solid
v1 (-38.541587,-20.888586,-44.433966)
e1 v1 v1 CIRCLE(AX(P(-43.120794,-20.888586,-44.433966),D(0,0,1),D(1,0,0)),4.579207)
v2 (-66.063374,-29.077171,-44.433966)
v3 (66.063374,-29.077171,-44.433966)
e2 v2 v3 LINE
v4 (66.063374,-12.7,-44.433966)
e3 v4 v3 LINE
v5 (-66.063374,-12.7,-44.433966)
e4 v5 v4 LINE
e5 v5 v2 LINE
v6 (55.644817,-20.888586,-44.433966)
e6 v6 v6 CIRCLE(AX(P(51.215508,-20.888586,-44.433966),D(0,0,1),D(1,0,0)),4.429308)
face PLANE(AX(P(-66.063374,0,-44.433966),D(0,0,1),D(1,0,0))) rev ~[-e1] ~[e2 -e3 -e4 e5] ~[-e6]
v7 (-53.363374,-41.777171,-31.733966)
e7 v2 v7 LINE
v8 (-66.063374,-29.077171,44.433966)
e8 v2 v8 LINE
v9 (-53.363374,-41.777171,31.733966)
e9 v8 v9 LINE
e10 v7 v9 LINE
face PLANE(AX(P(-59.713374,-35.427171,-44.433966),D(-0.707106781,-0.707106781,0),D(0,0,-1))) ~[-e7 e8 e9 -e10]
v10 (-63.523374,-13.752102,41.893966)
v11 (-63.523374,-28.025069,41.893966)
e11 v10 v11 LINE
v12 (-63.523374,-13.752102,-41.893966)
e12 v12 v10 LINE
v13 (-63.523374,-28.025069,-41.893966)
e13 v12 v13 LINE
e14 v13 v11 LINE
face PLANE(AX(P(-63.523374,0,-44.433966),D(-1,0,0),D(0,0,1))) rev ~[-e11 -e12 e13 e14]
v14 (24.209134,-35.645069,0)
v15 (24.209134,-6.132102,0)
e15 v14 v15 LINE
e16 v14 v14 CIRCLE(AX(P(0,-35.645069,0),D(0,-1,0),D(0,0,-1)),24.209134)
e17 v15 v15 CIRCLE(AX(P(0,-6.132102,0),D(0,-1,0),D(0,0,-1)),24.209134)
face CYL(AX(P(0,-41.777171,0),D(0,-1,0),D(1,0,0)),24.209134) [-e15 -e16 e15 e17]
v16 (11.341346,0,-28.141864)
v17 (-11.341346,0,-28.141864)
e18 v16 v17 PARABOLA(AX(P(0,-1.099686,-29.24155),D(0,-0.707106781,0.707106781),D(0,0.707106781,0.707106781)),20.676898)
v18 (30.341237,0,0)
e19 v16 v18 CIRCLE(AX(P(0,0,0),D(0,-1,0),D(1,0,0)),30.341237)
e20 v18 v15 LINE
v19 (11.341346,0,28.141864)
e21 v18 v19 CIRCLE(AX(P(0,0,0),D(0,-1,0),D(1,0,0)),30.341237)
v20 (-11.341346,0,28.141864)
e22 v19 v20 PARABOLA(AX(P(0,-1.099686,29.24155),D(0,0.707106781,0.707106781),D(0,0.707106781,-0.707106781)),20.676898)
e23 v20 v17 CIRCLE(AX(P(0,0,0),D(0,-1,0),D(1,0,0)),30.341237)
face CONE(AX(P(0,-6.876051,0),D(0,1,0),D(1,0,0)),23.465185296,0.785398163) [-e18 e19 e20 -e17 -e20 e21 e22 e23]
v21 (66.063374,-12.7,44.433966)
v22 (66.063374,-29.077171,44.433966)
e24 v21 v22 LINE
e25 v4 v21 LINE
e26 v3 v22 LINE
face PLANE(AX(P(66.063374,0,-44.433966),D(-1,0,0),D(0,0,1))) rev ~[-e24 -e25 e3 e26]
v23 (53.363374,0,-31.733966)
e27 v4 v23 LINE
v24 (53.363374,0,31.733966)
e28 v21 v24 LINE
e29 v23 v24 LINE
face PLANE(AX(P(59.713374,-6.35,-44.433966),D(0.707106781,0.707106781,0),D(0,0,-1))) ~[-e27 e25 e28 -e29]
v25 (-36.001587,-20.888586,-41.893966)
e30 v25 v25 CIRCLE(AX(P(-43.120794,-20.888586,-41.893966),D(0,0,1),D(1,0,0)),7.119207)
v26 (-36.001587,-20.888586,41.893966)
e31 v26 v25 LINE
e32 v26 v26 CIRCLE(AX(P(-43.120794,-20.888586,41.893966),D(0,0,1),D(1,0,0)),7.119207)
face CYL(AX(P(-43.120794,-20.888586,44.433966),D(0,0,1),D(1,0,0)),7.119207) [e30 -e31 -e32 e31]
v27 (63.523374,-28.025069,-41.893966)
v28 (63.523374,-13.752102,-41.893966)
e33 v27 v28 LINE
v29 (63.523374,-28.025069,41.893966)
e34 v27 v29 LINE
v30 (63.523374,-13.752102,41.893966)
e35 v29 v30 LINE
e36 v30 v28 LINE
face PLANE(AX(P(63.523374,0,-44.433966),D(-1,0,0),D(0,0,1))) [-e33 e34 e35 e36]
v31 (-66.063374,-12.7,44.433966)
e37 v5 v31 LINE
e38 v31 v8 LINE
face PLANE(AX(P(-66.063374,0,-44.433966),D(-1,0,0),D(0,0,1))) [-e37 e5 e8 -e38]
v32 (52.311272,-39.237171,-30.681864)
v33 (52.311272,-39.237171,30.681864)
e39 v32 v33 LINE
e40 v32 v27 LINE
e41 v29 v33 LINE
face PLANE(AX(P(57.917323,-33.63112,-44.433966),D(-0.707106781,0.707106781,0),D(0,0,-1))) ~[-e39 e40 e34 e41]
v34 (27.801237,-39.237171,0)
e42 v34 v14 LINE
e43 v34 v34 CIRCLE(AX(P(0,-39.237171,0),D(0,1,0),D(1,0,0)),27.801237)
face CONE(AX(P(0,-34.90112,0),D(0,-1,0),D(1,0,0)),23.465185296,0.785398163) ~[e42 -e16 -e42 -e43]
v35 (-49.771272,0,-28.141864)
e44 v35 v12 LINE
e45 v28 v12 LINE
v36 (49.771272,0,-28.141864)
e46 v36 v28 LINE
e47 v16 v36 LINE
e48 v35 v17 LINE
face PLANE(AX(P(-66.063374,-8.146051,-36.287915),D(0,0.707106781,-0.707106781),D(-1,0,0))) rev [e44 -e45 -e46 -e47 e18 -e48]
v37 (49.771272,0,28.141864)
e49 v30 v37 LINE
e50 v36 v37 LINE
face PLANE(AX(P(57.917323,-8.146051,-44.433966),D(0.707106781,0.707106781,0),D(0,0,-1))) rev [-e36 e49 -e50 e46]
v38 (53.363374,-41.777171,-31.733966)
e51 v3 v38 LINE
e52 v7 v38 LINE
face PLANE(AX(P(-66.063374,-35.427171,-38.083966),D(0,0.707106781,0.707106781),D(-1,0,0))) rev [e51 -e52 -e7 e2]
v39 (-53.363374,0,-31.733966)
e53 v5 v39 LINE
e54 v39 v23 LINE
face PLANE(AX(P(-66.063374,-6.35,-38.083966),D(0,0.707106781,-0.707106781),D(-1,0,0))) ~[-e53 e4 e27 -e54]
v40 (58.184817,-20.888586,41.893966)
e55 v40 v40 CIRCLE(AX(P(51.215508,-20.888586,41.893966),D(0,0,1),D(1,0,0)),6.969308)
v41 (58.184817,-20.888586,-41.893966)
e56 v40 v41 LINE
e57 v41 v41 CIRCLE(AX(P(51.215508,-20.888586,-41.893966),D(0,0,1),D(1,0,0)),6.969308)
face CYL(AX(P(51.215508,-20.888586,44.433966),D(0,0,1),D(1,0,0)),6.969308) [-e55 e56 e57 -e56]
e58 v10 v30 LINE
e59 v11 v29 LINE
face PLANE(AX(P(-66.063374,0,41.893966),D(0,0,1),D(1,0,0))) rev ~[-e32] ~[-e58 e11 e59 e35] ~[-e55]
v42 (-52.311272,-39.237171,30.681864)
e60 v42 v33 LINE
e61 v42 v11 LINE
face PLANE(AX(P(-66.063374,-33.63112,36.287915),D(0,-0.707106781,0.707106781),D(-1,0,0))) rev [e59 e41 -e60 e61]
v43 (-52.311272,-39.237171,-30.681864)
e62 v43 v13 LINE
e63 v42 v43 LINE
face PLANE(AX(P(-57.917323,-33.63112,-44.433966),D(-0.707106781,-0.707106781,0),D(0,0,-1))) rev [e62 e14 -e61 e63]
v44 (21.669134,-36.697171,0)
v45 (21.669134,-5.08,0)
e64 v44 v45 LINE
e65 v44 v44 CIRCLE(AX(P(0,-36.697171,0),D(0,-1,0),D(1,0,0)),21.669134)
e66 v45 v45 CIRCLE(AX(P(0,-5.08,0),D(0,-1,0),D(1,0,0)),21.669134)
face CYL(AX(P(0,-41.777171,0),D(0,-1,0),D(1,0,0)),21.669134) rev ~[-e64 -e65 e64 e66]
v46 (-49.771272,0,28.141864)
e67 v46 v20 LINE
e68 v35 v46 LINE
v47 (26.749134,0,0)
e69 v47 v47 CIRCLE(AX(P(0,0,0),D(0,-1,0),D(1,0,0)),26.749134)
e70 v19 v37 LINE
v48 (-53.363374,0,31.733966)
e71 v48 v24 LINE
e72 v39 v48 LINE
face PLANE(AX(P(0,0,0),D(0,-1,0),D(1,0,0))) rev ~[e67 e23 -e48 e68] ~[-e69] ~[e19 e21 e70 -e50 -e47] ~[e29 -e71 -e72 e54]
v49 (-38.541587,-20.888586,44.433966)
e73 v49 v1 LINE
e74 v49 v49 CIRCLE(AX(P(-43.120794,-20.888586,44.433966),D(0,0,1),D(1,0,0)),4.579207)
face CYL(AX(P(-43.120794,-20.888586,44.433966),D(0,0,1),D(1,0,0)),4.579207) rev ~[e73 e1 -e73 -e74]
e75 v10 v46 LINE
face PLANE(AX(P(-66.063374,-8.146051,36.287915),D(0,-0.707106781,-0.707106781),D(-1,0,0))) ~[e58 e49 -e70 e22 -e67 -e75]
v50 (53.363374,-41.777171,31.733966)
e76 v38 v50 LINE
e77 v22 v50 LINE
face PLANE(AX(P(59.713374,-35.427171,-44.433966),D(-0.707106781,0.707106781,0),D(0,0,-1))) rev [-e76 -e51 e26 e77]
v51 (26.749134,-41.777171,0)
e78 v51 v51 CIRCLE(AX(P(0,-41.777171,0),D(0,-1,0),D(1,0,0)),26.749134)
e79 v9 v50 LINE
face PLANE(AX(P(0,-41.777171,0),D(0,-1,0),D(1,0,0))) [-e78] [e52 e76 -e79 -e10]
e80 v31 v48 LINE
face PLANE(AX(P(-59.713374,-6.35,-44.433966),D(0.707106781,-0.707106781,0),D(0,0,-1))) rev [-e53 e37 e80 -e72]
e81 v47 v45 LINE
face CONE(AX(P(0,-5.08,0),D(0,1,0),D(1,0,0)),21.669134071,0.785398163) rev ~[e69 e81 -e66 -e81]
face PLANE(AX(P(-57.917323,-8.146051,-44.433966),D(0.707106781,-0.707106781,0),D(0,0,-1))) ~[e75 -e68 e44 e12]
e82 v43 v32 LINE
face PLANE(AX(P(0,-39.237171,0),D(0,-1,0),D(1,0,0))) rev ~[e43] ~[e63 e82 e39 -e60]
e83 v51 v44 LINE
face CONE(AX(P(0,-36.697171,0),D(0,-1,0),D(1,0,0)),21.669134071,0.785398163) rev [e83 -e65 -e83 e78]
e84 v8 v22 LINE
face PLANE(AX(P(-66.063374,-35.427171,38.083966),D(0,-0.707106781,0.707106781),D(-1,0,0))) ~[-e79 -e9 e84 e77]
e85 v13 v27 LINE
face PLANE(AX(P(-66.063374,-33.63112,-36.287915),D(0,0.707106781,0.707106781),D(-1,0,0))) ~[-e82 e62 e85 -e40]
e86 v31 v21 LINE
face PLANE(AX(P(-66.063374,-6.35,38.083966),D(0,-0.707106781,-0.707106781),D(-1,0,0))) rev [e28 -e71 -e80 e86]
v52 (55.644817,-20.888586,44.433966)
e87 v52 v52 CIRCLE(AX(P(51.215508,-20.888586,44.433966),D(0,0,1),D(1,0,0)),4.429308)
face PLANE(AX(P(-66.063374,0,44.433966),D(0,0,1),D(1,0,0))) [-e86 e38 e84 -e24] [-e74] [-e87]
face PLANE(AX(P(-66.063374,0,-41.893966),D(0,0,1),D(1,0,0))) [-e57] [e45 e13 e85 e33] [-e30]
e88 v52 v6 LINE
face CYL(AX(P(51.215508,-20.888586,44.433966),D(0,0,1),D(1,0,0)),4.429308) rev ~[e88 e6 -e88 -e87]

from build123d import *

# Parameters (mm, degrees)
F0_W     = 132.1267485619
F0_H     = 88.8679325581
F1_DEPTH = 41.7771711946
F2_SIZE  = 12.7
F3_R     = 21.6691340714
F4_DEPTH = 276.723921299
F5_SIZE  = 5.08
F6_R     = 4.579207341
F7_DEPTH = 88.8689325581
F6_R_2   = 4.4293082264
F8_DEPTH = 88.8689325581
F9_T     = -2.54


with BuildPart() as f1:
    # F0 (on Front) → F1 (new body)
    with BuildSketch(Plane.XZ):
        Rectangle(F0_W, F0_H)
    extrude(amount=F1_DEPTH)

    # F2
    f2_edges = [f1.edges().sort_by_distance(p)[0] for p in [
        (0, -41.777171, -44.433966),
        (66.063374, -41.777171, 0),
        (0, -41.777171, 44.433966),
        (-66.063374, -41.777171, 0),
        (0, 0, -44.433966),
        (66.063374, 0, 0),
        (-66.063374, 0, 0),
        (0, 0, 44.433966),
    ]]
    chamfer(f2_edges, length=F2_SIZE)

    # F3 (on face) → F4 (cut)
    with BuildSketch(Plane.XZ.offset(41.7771711946)):
        Circle(F3_R)
    extrude(amount=-F4_DEPTH, mode=Mode.SUBTRACT)

    # F5
    f5_edges = [f1.edges().sort_by_distance(p)[0] for p in [
        (-21.669134, 0, 0),
        (-21.669134, -41.777171, 0),
    ]]
    chamfer(f5_edges, length=F5_SIZE)

    # F6 (on face) → F7 (cut, through all)
    with BuildSketch(Plane.XY.offset(44.433966279)):
        with Locations((-43.1207939982, -20.8885855973)):
            Circle(F6_R)
    extrude(amount=-F7_DEPTH, mode=Mode.SUBTRACT)

    # F6 (on face) → F8 (cut, through all)
    with BuildSketch(Plane.XY.offset(44.433966279)):
        with Locations((-43.1207939982, -20.8885855973)):
            Circle(F6_R)
        with Locations((51.215508439, -20.8885855973)):
            Circle(F6_R_2)
    extrude(amount=-F8_DEPTH, mode=Mode.SUBTRACT)

    # F9
    f9_openings = [f1.faces().sort_by_distance(p)[0] for p in [
        (-27.990858, 0, 0),
    ]]
    offset(amount=F9_T, openings=f9_openings)


solid = f1.part
